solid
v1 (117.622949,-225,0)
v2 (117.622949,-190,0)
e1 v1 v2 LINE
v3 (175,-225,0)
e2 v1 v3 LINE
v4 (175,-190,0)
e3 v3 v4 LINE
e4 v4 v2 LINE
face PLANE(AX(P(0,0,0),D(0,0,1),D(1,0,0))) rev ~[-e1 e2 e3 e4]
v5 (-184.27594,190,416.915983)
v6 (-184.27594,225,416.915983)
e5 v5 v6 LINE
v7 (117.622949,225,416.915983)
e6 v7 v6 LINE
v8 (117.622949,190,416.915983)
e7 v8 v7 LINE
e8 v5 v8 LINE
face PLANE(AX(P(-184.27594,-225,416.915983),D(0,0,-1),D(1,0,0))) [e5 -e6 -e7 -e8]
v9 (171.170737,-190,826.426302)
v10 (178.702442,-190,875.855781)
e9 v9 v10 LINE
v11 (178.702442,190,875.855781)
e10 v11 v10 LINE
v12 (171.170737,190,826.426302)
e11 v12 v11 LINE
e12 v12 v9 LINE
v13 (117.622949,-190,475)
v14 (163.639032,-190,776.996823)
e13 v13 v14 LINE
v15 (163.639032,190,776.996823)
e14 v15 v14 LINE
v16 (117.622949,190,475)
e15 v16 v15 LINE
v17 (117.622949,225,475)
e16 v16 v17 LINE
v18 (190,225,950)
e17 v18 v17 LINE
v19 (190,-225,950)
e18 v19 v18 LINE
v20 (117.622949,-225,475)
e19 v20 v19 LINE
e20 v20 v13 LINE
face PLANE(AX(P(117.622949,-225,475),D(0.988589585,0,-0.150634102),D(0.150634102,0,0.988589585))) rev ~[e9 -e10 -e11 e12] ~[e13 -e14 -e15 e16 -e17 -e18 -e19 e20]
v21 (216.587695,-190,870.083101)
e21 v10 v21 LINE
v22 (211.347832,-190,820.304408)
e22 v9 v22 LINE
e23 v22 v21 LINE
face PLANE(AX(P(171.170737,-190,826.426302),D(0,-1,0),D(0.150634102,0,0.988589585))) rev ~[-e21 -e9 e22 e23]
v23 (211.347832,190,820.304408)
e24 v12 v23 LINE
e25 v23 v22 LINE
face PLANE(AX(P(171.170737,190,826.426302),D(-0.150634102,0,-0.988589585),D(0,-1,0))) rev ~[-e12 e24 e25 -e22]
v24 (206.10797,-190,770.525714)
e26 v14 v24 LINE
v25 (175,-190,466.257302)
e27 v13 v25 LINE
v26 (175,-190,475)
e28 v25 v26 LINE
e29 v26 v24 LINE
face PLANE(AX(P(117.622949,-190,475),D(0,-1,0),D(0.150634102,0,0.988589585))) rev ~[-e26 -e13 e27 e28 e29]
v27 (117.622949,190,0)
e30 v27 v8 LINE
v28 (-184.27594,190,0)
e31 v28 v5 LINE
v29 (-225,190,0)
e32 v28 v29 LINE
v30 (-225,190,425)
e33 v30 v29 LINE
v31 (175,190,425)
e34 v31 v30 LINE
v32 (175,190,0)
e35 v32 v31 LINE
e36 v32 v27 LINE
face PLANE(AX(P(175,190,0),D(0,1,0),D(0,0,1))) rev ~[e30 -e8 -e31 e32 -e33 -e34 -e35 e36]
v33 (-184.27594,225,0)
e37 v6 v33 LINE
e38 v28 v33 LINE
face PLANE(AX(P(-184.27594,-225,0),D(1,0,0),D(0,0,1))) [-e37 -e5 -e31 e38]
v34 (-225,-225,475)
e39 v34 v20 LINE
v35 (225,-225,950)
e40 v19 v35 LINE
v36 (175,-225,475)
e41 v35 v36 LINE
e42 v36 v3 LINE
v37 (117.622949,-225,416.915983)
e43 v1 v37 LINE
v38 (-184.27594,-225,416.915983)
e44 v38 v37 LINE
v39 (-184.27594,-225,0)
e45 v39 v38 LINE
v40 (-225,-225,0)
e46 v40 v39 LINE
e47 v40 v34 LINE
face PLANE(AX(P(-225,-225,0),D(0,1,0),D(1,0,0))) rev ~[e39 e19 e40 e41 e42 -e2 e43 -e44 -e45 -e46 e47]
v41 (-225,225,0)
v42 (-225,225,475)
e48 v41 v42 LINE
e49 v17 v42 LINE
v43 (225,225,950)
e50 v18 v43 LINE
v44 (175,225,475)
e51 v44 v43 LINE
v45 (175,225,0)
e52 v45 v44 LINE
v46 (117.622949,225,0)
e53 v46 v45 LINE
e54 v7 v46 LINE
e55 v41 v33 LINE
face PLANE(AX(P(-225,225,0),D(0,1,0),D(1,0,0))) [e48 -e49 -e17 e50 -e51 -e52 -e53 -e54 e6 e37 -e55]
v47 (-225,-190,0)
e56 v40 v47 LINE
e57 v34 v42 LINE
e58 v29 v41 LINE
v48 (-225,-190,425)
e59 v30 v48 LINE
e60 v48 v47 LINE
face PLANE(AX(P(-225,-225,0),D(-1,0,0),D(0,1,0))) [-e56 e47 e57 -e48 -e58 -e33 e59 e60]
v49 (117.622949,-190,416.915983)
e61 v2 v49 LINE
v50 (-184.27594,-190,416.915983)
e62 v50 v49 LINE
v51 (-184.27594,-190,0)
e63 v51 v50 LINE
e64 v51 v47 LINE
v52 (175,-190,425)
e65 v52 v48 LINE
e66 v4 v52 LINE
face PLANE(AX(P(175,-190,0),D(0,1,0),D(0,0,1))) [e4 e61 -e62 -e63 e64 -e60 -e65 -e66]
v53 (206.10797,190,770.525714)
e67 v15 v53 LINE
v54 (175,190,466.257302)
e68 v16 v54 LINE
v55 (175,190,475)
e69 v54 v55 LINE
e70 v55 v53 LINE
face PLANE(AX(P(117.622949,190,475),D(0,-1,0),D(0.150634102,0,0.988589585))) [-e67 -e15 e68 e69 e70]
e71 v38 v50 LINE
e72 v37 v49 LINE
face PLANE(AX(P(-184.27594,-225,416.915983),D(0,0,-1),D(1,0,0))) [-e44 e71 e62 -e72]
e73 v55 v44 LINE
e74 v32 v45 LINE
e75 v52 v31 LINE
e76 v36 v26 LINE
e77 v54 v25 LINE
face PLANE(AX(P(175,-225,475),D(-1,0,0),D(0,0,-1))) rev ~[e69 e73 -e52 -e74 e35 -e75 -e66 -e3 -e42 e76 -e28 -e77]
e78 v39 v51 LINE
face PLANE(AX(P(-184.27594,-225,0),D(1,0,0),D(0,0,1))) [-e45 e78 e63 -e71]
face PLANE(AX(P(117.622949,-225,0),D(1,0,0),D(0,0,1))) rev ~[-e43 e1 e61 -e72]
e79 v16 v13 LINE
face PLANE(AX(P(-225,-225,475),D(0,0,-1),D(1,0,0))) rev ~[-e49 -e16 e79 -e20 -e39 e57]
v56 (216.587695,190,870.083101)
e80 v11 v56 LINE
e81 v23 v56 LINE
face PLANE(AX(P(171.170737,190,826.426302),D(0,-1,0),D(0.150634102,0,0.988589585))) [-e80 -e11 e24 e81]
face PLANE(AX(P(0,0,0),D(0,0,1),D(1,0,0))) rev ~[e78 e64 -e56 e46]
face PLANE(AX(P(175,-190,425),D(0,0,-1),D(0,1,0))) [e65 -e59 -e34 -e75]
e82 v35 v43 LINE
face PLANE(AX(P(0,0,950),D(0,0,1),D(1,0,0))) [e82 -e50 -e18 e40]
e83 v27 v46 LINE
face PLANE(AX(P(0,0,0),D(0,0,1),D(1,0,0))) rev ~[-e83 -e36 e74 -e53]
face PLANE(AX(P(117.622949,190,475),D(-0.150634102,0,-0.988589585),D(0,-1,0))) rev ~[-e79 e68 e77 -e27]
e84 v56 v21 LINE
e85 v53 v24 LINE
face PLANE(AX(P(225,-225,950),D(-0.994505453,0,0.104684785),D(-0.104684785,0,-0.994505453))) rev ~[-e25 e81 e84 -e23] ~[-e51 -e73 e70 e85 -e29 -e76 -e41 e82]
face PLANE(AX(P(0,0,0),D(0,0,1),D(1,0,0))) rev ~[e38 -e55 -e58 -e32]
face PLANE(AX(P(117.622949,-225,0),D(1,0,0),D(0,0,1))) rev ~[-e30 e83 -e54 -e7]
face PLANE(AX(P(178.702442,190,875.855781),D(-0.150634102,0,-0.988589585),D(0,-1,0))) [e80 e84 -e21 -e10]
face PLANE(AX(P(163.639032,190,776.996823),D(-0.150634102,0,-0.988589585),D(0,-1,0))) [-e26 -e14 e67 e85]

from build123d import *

# Parameters (mm, degrees)
F0_W     = 450
F0_H     = 450
F1_DEPTH = 950
F2_W     = 50
F2_H     = 58.0840170383
F2_H_2   = 416.9159829617
F2_W_2   = 301.8988892436
F3_DEPTH = 450.001
F4_W     = 380
F4_H     = 425
F5_DEPTH = 400.001
F6_W     = 380
F6_H     = 50
F6_H_2   = 305.4825048688
F7_DEPTH = 177.7040327035


with BuildPart() as f1:
    # F0 (on Top) → F1 (new body)
    with BuildSketch(Plane.XY):
        Rectangle(F0_W, F0_H)
    extrude(amount=F1_DEPTH)

    # F2 (on face) → F3 (cut, through all)
    with BuildSketch(Plane.XZ.offset(225)):
        with Locations((200, 445.9579914808)):
            Rectangle(F2_W, F2_H)
        Polygon((-225, 475), (117.622949183, 475), (190, 950), (-225, 950), align=None)
        Polygon((175, 475), (225, 475), (225, 950), align=None)
        with Locations((200, 208.4579914808)):
            Rectangle(F2_W, F2_H_2)
        with Locations((-33.3264954388, 208.4579914808)):
            Rectangle(F2_W_2, F2_H_2)
    extrude(amount=-F3_DEPTH, mode=Mode.SUBTRACT)

    # F4 (on face) → F5 (cut, through all)
    with BuildSketch(Plane.YZ.offset(175)):
        with Locations((0, 212.5)):
            Rectangle(F4_W, F4_H)
    extrude(amount=-F5_DEPTH, mode=Mode.SUBTRACT)

    # F6 (on face) → F7 (cut, through all)
    with BuildSketch(Plane(origin=(44.2192403008, 0, -6.7378067418), x_dir=(0, -1, 0), z_dir=(-0.9885895848, 0, 0.1506341024))):
        with Locations((0, 867.780585023)):
            Rectangle(F6_W, F6_H)
        with Locations((0, 640.0393325886)):
            Rectangle(F6_W, F6_H_2)
    extrude(amount=-F7_DEPTH, mode=Mode.SUBTRACT)


solid = f1.part
